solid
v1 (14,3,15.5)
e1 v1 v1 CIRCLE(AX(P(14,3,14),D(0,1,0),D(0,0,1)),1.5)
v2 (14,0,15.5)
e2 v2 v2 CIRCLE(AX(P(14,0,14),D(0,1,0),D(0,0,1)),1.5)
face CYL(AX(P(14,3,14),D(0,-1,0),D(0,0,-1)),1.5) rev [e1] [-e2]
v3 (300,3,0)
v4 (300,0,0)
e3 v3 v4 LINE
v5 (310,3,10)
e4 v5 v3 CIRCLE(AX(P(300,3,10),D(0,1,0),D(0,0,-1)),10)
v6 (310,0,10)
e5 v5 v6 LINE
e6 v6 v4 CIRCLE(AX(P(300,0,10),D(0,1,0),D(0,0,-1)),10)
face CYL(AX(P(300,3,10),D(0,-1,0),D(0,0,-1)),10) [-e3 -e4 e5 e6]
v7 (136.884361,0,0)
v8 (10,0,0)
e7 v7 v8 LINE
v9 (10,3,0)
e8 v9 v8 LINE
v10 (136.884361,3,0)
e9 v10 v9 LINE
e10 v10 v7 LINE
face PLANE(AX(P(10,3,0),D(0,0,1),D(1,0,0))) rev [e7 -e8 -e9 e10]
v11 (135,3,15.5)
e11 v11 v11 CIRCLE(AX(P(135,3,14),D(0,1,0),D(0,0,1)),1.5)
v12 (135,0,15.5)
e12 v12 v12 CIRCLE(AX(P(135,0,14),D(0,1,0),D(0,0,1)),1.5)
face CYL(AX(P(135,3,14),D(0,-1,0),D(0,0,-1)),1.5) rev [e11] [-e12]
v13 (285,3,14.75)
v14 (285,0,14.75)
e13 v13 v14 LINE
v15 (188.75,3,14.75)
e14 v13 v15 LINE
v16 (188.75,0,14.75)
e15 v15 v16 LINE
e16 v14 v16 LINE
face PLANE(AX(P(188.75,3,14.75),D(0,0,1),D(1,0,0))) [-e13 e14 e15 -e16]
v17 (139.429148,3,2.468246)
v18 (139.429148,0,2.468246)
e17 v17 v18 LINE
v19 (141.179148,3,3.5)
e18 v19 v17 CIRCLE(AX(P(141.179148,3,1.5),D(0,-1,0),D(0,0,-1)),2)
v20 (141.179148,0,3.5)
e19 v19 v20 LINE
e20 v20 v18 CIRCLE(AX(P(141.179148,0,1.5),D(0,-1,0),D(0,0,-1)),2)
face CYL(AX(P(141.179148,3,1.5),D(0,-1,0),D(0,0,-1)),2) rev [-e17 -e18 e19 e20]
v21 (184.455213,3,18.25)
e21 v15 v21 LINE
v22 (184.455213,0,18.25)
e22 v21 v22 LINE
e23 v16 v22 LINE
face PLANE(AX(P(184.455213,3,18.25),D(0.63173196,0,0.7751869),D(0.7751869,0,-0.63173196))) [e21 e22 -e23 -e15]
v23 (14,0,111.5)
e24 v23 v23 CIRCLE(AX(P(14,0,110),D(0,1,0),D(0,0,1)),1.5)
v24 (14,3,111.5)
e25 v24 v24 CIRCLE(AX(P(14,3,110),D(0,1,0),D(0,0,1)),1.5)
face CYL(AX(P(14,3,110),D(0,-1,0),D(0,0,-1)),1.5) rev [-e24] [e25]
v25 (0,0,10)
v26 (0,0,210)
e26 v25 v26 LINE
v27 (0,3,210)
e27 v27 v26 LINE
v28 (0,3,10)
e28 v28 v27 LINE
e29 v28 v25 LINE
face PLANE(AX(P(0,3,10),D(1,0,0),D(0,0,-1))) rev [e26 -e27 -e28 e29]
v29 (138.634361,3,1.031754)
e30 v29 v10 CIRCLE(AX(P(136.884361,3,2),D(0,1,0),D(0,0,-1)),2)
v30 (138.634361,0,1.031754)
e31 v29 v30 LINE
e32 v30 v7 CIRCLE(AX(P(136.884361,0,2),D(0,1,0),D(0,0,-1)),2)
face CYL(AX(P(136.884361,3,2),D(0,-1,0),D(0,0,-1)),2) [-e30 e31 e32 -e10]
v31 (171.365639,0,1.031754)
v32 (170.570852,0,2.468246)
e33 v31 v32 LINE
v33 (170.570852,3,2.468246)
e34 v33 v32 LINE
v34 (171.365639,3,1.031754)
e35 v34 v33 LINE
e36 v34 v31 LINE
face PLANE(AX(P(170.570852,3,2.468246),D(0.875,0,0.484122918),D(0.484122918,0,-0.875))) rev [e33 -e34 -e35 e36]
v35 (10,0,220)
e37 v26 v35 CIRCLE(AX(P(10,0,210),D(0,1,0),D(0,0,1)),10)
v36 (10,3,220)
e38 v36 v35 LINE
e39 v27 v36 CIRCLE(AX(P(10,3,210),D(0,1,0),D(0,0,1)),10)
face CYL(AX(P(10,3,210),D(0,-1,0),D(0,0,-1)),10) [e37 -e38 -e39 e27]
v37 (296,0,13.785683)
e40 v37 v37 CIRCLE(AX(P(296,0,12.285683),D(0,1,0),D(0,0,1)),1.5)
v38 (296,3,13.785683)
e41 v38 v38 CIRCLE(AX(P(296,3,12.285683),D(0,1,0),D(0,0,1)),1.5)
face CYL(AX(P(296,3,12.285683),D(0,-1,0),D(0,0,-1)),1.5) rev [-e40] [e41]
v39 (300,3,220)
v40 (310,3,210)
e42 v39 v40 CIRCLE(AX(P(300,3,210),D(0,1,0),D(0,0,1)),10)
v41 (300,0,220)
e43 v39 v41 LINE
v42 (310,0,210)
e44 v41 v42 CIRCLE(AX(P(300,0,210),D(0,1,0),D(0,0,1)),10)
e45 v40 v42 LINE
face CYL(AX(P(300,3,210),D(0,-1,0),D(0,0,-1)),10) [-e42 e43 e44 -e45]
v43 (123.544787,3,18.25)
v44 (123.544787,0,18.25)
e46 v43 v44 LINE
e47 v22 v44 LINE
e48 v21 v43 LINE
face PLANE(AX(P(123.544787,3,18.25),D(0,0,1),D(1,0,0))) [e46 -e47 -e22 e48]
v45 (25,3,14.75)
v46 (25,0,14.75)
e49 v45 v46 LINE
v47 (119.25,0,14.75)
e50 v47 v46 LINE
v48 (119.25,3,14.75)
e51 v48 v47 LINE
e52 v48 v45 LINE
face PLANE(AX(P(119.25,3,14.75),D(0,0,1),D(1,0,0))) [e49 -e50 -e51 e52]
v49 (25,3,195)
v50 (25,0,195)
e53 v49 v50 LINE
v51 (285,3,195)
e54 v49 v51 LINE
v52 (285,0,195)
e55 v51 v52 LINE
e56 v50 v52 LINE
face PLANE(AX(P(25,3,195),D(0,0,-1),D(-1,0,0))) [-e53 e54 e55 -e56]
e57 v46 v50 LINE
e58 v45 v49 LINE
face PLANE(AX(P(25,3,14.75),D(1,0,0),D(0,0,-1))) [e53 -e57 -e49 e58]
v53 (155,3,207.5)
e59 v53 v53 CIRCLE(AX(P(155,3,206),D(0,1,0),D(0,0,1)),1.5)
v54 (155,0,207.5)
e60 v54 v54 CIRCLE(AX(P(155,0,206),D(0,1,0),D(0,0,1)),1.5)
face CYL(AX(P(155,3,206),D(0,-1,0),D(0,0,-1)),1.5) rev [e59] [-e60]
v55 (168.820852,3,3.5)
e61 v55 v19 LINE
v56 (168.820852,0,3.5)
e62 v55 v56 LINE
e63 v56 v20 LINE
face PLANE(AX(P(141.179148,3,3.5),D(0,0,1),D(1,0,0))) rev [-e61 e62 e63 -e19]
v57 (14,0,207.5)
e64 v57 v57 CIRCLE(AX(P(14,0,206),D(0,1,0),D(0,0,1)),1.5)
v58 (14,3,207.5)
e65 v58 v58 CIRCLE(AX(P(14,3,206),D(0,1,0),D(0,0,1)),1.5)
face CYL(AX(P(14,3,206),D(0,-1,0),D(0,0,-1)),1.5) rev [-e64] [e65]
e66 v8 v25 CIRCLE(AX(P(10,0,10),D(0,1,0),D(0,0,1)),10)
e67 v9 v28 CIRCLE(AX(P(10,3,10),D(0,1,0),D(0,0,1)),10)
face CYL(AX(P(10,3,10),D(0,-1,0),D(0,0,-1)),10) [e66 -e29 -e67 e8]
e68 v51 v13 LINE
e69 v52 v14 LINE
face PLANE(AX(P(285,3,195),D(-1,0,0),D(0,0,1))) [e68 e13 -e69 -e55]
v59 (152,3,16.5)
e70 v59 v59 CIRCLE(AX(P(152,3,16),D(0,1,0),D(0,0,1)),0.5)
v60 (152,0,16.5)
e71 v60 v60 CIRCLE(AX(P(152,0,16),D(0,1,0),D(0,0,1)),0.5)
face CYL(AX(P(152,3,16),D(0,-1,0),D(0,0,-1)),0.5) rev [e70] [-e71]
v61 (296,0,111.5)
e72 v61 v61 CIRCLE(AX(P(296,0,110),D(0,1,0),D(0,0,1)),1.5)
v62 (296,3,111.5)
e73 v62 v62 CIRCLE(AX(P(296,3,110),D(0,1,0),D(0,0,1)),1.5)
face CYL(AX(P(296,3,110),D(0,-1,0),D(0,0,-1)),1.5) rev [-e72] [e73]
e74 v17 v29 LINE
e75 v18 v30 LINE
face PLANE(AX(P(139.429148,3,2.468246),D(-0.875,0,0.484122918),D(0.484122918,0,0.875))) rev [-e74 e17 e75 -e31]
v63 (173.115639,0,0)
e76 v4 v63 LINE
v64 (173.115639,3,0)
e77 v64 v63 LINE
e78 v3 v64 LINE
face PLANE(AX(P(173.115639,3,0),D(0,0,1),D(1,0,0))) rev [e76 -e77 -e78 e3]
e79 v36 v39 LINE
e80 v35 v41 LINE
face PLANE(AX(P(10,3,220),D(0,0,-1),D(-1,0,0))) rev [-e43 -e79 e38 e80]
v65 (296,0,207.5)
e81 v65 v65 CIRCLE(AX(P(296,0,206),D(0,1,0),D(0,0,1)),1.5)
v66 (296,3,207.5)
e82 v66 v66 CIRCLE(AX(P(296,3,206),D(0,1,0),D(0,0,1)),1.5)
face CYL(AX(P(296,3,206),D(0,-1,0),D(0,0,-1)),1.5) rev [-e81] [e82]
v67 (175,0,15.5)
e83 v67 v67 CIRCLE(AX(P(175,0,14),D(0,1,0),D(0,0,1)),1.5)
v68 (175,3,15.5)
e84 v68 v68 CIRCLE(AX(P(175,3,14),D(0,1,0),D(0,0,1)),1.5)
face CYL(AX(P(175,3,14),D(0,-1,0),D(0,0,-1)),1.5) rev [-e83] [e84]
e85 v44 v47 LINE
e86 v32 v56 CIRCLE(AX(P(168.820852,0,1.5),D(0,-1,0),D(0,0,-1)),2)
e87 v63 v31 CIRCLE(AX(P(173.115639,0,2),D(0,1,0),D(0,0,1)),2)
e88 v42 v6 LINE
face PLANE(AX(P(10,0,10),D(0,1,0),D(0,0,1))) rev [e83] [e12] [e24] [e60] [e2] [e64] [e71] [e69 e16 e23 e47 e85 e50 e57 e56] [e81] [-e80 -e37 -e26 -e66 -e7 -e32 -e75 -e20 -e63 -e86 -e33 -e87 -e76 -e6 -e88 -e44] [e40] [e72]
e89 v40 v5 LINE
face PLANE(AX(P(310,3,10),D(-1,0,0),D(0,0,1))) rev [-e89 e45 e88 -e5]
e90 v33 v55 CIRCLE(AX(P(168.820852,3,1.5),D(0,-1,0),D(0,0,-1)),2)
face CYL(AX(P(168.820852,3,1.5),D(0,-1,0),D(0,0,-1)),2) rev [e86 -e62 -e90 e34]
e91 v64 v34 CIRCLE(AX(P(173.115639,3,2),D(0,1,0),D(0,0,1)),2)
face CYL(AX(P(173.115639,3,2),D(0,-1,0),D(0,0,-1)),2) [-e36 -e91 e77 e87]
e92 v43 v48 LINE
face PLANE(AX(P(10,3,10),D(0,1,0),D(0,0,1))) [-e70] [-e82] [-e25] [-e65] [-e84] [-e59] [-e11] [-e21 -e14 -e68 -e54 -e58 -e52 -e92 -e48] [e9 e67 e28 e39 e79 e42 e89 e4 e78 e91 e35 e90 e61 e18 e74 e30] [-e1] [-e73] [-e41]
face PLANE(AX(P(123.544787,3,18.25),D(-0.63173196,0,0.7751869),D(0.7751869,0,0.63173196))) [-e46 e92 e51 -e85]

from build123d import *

# Parameters (mm, degrees)
SKETCH_1_R      = 1.5
SKETCH_1_R_2    = 0.5
EXTRUDE_1_DEPTH = 3


with BuildPart() as part:
    # 草图1 → 凸台-拉伸1 (new body)
    with BuildSketch(Plane(origin=(0, 0, 0), x_dir=(1, 0, 0), z_dir=(0, 1, 0))):
        with BuildLine():
            Line((10, 0), (136.884360712, 0))
            ThreePointArc((136.884360712, 0), (137.900113715, -0.277140216), (138.634360712, -1.031754163))
            Line((138.634360712, -1.031754163), (139.429147615, -2.468245837))
            ThreePointArc((139.429147615, -2.468245837), (140.163394612, -3.222859784), (141.179147615, -3.5))
            Line((141.179147615, -3.5), (168.820852385, -3.5))
            ThreePointArc((168.820852385, -3.5), (169.836605388, -3.222859784), (170.570852385, -2.468245837))
            Line((170.570852385, -2.468245837), (171.365639288, -1.031754163))
            ThreePointArc((171.365639288, -1.031754163), (172.099886285, -0.277140216), (173.115639288, 0))
            Line((173.115639288, 0), (300, 0))
            ThreePointArc((300, 0), (307.071067812, -2.928932188), (310, -10))
            Line((310, -10), (310, -210))
            ThreePointArc((310, -210), (307.071067812, -217.071067812), (300, -220))
            Line((300, -220), (10, -220))
            ThreePointArc((10, -220), (2.928932188, -217.071067812), (0, -210))
            Line((0, -210), (0, -10))
            ThreePointArc((0, -10), (2.928932188, -2.928932188), (10, 0))
        make_face()
        with Locations(Location((14, -14, 0), (0, 0, 270))):
            Circle(SKETCH_1_R, mode=Mode.SUBTRACT)
        with Locations(Location((14, -206, 0), (0, 0, 270))):
            Circle(SKETCH_1_R, mode=Mode.SUBTRACT)
        with Locations(Location((296, -206, 0), (0, 0, 270))):
            Circle(SKETCH_1_R, mode=Mode.SUBTRACT)
        with Locations(Location((296, -12.28568254, 0), (0, 0, 270))):
            Circle(SKETCH_1_R, mode=Mode.SUBTRACT)
        with Locations(Location((155, -206, 0), (0, 0, 270))):
            Circle(SKETCH_1_R, mode=Mode.SUBTRACT)
        with Locations(Location((175, -14, 0), (0, 0, 270))):
            Circle(SKETCH_1_R, mode=Mode.SUBTRACT)
        with Locations(Location((135, -14, 0), (0, 0, 270))):
            Circle(SKETCH_1_R, mode=Mode.SUBTRACT)
        with Locations(Location((296, -110, 0), (0, 0, 270))):
            Circle(SKETCH_1_R, mode=Mode.SUBTRACT)
        with Locations(Location((14, -110, 0), (0, 0, 270))):
            Circle(SKETCH_1_R, mode=Mode.SUBTRACT)
        with Locations(Location((152, -16, 0), (0, 0, 270))):
            Circle(SKETCH_1_R_2, mode=Mode.SUBTRACT)
        Polygon((184.455213096, -18.25), (188.75, -14.75), (285, -14.75), (285, -195), (25, -195), (25, -14.75), (119.25, -14.75), (123.544786904, -18.25), (141.179147615, -18.25), (168.820852385, -18.25), align=None, mode=Mode.SUBTRACT)
    extrude(amount=EXTRUDE_1_DEPTH)


solid = part.part
